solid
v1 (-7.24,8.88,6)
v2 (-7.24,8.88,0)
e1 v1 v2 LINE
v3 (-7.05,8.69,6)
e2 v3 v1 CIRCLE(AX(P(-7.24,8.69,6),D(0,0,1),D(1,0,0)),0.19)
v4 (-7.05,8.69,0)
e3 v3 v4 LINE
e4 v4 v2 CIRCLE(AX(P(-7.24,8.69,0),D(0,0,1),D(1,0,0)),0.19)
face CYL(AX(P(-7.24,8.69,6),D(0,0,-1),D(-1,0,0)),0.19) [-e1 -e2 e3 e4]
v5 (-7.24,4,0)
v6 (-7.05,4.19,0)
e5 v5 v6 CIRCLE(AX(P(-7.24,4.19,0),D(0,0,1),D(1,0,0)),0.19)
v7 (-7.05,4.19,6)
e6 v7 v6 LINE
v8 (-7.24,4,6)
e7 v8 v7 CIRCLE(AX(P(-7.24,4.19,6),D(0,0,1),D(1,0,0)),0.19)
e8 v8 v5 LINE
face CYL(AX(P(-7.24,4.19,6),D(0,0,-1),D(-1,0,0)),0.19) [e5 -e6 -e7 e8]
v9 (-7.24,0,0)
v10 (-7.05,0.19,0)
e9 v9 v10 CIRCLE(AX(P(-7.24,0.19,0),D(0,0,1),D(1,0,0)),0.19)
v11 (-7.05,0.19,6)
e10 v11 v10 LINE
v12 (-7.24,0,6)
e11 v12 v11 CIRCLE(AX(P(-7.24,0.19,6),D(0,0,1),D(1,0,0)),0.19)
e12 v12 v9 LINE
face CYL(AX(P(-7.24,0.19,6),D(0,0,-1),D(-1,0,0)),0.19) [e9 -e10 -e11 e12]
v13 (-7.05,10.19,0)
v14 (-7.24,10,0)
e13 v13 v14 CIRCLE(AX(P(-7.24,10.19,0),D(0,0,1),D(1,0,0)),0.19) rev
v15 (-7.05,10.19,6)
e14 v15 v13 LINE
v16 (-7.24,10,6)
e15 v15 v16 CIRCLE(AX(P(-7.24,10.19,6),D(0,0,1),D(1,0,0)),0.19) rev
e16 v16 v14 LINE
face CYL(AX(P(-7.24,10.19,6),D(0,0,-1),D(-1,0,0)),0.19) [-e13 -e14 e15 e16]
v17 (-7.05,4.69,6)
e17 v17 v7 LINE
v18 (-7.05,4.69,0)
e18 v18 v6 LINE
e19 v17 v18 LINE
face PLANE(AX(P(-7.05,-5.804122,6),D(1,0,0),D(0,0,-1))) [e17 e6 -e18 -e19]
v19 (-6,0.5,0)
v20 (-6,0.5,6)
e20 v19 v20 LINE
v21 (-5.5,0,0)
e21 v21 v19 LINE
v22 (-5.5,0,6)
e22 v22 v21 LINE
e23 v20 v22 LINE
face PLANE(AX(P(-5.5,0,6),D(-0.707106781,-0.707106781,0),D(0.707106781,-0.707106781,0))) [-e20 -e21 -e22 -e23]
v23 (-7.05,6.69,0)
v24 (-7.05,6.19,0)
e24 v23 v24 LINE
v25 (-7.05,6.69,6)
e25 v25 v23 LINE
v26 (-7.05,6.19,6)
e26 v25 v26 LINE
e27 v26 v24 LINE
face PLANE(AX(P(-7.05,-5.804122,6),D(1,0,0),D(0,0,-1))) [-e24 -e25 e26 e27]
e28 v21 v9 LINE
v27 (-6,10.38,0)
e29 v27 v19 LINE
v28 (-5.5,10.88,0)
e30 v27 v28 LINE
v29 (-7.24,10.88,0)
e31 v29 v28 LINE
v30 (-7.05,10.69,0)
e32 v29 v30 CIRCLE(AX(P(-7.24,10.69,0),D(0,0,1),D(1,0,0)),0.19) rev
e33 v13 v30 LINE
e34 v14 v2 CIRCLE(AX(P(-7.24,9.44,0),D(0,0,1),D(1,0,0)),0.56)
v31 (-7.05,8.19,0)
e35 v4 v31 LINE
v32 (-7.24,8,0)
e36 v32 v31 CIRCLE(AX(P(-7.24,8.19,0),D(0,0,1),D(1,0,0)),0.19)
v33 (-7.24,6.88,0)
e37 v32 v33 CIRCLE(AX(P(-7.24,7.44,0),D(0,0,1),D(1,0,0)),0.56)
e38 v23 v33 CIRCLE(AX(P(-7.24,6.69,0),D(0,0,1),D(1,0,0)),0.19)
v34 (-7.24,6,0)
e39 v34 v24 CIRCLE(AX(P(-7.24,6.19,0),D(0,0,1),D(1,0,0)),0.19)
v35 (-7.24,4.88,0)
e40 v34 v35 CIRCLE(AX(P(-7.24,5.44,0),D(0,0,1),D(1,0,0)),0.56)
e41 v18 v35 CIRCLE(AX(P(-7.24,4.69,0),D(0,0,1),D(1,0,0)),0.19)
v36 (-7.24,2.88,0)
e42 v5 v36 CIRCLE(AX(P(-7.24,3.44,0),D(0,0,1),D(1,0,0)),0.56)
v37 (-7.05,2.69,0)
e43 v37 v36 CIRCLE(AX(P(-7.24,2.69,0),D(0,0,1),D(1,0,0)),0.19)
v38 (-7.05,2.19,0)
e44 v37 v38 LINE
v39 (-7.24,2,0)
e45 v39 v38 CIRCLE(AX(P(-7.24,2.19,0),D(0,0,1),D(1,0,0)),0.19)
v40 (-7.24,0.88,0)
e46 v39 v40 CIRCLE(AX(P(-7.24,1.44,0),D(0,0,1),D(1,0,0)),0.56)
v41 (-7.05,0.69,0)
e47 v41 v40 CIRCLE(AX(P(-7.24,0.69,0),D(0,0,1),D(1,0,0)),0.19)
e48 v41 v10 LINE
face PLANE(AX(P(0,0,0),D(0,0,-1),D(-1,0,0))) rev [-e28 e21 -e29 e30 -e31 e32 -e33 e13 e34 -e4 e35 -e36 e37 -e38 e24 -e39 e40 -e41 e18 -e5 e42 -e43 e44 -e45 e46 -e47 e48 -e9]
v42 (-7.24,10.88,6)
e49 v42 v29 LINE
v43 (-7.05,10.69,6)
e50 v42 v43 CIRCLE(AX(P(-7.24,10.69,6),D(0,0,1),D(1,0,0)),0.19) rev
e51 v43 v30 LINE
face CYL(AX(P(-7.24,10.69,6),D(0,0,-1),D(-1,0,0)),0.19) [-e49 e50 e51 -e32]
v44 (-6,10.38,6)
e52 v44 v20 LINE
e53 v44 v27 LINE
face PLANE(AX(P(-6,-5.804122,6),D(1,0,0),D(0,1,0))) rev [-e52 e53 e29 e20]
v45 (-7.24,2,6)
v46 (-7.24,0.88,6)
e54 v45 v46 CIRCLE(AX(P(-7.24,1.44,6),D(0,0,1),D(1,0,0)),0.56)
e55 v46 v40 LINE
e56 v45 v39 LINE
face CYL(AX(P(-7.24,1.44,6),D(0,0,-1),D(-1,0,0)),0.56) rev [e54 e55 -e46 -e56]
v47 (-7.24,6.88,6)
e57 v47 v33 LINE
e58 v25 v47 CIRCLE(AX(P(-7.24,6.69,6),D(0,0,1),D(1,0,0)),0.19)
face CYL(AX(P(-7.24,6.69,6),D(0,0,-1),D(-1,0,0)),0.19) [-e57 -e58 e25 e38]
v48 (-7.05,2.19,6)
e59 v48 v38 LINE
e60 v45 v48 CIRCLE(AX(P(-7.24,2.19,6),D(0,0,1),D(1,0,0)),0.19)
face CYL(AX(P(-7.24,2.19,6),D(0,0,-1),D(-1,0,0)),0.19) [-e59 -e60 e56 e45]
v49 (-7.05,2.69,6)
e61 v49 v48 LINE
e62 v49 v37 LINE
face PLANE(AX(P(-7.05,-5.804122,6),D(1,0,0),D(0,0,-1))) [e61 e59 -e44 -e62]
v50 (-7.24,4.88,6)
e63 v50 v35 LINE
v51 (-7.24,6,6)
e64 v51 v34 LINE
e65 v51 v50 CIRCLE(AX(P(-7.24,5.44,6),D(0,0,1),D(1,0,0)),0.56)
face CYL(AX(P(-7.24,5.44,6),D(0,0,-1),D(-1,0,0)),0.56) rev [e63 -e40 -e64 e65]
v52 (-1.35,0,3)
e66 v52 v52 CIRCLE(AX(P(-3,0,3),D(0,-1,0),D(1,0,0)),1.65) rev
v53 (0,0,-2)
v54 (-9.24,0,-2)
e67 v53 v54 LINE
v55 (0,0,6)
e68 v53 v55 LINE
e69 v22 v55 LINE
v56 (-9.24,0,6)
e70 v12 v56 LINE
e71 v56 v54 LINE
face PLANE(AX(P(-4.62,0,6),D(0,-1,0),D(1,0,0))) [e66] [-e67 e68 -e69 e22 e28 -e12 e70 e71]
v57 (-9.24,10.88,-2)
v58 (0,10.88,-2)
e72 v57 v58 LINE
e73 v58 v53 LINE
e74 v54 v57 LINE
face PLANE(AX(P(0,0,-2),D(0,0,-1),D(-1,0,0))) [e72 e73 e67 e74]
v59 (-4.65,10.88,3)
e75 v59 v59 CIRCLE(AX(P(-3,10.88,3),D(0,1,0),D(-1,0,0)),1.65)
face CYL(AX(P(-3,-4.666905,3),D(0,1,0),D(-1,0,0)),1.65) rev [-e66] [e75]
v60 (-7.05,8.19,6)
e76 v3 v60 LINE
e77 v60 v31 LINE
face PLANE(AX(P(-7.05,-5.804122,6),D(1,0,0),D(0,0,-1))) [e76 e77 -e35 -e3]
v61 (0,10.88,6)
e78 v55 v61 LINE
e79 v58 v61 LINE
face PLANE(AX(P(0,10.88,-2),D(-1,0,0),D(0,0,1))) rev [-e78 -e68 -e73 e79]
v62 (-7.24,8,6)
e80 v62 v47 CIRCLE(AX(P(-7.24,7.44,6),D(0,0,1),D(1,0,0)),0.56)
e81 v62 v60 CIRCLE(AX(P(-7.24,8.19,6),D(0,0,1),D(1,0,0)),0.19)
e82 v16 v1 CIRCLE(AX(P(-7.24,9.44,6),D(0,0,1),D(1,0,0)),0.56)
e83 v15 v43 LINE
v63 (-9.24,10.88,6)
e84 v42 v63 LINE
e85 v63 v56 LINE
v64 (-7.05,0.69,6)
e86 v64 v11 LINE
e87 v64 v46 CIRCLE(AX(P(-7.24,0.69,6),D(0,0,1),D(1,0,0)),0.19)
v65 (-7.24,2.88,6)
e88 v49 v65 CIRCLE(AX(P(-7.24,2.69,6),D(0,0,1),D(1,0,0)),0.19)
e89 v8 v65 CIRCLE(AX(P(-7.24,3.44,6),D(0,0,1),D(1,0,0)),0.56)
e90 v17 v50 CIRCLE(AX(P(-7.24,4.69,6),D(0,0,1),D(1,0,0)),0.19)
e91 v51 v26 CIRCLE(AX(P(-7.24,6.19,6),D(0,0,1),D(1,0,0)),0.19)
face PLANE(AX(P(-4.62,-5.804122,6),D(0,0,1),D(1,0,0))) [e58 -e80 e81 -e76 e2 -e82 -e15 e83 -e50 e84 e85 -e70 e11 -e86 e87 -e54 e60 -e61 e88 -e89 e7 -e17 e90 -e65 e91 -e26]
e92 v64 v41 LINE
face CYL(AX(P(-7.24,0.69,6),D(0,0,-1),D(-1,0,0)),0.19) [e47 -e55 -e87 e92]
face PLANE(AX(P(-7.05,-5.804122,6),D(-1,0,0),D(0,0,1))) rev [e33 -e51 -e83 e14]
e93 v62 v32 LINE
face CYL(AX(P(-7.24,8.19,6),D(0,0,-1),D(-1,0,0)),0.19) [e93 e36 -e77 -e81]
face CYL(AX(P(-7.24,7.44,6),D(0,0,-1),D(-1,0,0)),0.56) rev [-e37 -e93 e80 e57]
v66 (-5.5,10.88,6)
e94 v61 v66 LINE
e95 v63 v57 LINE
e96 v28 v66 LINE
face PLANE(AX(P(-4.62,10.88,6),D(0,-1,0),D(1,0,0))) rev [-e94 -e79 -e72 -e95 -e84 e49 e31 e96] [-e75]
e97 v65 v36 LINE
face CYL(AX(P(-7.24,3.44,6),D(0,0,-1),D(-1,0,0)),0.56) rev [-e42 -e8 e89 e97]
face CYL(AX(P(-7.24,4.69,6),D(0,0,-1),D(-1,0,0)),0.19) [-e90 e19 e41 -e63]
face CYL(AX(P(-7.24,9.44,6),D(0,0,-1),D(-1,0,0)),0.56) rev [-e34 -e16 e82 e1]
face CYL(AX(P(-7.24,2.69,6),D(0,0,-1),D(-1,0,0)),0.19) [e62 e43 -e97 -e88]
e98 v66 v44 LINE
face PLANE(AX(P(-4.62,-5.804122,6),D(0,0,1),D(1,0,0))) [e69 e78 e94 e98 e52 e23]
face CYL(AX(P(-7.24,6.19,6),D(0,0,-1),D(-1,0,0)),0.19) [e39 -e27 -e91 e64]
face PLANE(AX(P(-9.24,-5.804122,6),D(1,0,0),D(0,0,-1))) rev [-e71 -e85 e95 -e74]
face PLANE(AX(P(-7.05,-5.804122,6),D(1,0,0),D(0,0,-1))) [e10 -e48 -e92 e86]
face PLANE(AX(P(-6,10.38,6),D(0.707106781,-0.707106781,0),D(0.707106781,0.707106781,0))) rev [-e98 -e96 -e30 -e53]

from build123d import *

# Parameters (mm, degrees)
AUFSATZ_LINEAR_AUSTRAGEN1_DEPTH   = 6
AUFSATZ_LINEAR_AUSTRAGEN1_2_DEPTH = 6
SKIZZE4_W                         = 9.24
SKIZZE4_H                         = 10.88
AUFSATZ_LINEAR_AUSTRAGEN2_DEPTH   = 2
SKIZZE3_R                         = 1.65
SCHNITT_LINEAR_AUSTRAGEN1_DEPTH   = 10.88
FASE1_SIZE                        = 0.5


with BuildPart() as part:
    # Skizze1 → Aufsatz-Linear austragen1 (new body)
    with BuildSketch(Plane.XY):
        Polygon((0, 0), (0, 9.44), (0, 10.88), (-6, 10.88), (-6, 0), align=None)
    extrude(amount=AUFSATZ_LINEAR_AUSTRAGEN1_DEPTH)



with BuildPart() as body_2:
    # Skizze1 → Aufsatz-Linear austragen1 2 (new body)
    with BuildSketch(Plane.XY):
        with BuildLine():
            Line((-7.05, 10.19), (-7.05, 10.69))
            ThreePointArc((-7.05, 10.69), (-7.105649712, 10.824350288), (-7.24, 10.88))
            Line((-7.24, 10.88), (-9.24, 10.88))
            Line((-9.24, 10.88), (-9.24, 0))
            Line((-9.24, 0), (-7.24, 0))
            ThreePointArc((-7.24, 0), (-7.105649712, 0.055649712), (-7.05, 0.19))
            Line((-7.05, 0.19), (-7.05, 0.69))
            ThreePointArc((-7.05, 0.69), (-7.105649712, 0.824350288), (-7.24, 0.88))
            ThreePointArc((-7.24, 0.88), (-7.8, 1.44), (-7.24, 2))
            ThreePointArc((-7.24, 2), (-7.105649712, 2.055649712), (-7.05, 2.19))
            Line((-7.05, 2.19), (-7.05, 2.69))
            ThreePointArc((-7.05, 2.69), (-7.105649712, 2.824350288), (-7.24, 2.88))
            ThreePointArc((-7.24, 2.88), (-7.8, 3.44), (-7.24, 4))
            ThreePointArc((-7.24, 4), (-7.105649712, 4.055649712), (-7.05, 4.19))
            Line((-7.05, 4.19), (-7.05, 4.69))
            ThreePointArc((-7.05, 4.69), (-7.105649712, 4.824350288), (-7.24, 4.88))
            ThreePointArc((-7.24, 4.88), (-7.8, 5.44), (-7.24, 6))
            ThreePointArc((-7.24, 6), (-7.105649712, 6.055649712), (-7.05, 6.19))
            Line((-7.05, 6.19), (-7.05, 6.69))
            ThreePointArc((-7.05, 6.69), (-7.105649712, 6.824350288), (-7.24, 6.88))
            ThreePointArc((-7.24, 6.88), (-7.8, 7.44), (-7.24, 8))
            ThreePointArc((-7.24, 8), (-7.105649712, 8.055649712), (-7.05, 8.19))
            Line((-7.05, 8.19), (-7.05, 8.69))
            ThreePointArc((-7.05, 8.69), (-7.105649712, 8.824350288), (-7.24, 8.88))
            ThreePointArc((-7.24, 8.88), (-7.8, 9.44), (-7.24, 10))
            ThreePointArc((-7.24, 10), (-7.105649712, 10.055649712), (-7.05, 10.19))
        make_face()
    extrude(amount=AUFSATZ_LINEAR_AUSTRAGEN1_2_DEPTH)


with BuildPart() as part_1:
    add(part.part)

    add(body_2.part)  # Aufsatz-Linear austragen2 merges body 2
    # Skizze4 → Aufsatz-Linear austragen2 (add)
    with BuildSketch(Plane(origin=(0, 0, 0), x_dir=(-1, 0, 0), z_dir=(0, 0, -1))):
        with Locations((4.62, 5.44)):
            Rectangle(SKIZZE4_W, SKIZZE4_H)
    extrude(amount=AUFSATZ_LINEAR_AUSTRAGEN2_DEPTH)

    # Skizze3 → Schnitt-Linear austragen1 (cut)
    with BuildSketch(Plane(origin=(0, 10.88, 0), x_dir=(1, 0, 0), z_dir=(0, 1, 0))):
        with Locations(Location((-3, -3, 0), (0, 0, 180))):
            Circle(SKIZZE3_R)
    extrude(amount=-SCHNITT_LINEAR_AUSTRAGEN1_DEPTH, mode=Mode.SUBTRACT)

    # Fase1
    fase1_edges = [part_1.edges().sort_by_distance(p)[0] for p in [
        (-6, 10.88, 3),
        (-6, 0, 3),
    ]]
    chamfer(fase1_edges, length=FASE1_SIZE)


solid = part_1.part
